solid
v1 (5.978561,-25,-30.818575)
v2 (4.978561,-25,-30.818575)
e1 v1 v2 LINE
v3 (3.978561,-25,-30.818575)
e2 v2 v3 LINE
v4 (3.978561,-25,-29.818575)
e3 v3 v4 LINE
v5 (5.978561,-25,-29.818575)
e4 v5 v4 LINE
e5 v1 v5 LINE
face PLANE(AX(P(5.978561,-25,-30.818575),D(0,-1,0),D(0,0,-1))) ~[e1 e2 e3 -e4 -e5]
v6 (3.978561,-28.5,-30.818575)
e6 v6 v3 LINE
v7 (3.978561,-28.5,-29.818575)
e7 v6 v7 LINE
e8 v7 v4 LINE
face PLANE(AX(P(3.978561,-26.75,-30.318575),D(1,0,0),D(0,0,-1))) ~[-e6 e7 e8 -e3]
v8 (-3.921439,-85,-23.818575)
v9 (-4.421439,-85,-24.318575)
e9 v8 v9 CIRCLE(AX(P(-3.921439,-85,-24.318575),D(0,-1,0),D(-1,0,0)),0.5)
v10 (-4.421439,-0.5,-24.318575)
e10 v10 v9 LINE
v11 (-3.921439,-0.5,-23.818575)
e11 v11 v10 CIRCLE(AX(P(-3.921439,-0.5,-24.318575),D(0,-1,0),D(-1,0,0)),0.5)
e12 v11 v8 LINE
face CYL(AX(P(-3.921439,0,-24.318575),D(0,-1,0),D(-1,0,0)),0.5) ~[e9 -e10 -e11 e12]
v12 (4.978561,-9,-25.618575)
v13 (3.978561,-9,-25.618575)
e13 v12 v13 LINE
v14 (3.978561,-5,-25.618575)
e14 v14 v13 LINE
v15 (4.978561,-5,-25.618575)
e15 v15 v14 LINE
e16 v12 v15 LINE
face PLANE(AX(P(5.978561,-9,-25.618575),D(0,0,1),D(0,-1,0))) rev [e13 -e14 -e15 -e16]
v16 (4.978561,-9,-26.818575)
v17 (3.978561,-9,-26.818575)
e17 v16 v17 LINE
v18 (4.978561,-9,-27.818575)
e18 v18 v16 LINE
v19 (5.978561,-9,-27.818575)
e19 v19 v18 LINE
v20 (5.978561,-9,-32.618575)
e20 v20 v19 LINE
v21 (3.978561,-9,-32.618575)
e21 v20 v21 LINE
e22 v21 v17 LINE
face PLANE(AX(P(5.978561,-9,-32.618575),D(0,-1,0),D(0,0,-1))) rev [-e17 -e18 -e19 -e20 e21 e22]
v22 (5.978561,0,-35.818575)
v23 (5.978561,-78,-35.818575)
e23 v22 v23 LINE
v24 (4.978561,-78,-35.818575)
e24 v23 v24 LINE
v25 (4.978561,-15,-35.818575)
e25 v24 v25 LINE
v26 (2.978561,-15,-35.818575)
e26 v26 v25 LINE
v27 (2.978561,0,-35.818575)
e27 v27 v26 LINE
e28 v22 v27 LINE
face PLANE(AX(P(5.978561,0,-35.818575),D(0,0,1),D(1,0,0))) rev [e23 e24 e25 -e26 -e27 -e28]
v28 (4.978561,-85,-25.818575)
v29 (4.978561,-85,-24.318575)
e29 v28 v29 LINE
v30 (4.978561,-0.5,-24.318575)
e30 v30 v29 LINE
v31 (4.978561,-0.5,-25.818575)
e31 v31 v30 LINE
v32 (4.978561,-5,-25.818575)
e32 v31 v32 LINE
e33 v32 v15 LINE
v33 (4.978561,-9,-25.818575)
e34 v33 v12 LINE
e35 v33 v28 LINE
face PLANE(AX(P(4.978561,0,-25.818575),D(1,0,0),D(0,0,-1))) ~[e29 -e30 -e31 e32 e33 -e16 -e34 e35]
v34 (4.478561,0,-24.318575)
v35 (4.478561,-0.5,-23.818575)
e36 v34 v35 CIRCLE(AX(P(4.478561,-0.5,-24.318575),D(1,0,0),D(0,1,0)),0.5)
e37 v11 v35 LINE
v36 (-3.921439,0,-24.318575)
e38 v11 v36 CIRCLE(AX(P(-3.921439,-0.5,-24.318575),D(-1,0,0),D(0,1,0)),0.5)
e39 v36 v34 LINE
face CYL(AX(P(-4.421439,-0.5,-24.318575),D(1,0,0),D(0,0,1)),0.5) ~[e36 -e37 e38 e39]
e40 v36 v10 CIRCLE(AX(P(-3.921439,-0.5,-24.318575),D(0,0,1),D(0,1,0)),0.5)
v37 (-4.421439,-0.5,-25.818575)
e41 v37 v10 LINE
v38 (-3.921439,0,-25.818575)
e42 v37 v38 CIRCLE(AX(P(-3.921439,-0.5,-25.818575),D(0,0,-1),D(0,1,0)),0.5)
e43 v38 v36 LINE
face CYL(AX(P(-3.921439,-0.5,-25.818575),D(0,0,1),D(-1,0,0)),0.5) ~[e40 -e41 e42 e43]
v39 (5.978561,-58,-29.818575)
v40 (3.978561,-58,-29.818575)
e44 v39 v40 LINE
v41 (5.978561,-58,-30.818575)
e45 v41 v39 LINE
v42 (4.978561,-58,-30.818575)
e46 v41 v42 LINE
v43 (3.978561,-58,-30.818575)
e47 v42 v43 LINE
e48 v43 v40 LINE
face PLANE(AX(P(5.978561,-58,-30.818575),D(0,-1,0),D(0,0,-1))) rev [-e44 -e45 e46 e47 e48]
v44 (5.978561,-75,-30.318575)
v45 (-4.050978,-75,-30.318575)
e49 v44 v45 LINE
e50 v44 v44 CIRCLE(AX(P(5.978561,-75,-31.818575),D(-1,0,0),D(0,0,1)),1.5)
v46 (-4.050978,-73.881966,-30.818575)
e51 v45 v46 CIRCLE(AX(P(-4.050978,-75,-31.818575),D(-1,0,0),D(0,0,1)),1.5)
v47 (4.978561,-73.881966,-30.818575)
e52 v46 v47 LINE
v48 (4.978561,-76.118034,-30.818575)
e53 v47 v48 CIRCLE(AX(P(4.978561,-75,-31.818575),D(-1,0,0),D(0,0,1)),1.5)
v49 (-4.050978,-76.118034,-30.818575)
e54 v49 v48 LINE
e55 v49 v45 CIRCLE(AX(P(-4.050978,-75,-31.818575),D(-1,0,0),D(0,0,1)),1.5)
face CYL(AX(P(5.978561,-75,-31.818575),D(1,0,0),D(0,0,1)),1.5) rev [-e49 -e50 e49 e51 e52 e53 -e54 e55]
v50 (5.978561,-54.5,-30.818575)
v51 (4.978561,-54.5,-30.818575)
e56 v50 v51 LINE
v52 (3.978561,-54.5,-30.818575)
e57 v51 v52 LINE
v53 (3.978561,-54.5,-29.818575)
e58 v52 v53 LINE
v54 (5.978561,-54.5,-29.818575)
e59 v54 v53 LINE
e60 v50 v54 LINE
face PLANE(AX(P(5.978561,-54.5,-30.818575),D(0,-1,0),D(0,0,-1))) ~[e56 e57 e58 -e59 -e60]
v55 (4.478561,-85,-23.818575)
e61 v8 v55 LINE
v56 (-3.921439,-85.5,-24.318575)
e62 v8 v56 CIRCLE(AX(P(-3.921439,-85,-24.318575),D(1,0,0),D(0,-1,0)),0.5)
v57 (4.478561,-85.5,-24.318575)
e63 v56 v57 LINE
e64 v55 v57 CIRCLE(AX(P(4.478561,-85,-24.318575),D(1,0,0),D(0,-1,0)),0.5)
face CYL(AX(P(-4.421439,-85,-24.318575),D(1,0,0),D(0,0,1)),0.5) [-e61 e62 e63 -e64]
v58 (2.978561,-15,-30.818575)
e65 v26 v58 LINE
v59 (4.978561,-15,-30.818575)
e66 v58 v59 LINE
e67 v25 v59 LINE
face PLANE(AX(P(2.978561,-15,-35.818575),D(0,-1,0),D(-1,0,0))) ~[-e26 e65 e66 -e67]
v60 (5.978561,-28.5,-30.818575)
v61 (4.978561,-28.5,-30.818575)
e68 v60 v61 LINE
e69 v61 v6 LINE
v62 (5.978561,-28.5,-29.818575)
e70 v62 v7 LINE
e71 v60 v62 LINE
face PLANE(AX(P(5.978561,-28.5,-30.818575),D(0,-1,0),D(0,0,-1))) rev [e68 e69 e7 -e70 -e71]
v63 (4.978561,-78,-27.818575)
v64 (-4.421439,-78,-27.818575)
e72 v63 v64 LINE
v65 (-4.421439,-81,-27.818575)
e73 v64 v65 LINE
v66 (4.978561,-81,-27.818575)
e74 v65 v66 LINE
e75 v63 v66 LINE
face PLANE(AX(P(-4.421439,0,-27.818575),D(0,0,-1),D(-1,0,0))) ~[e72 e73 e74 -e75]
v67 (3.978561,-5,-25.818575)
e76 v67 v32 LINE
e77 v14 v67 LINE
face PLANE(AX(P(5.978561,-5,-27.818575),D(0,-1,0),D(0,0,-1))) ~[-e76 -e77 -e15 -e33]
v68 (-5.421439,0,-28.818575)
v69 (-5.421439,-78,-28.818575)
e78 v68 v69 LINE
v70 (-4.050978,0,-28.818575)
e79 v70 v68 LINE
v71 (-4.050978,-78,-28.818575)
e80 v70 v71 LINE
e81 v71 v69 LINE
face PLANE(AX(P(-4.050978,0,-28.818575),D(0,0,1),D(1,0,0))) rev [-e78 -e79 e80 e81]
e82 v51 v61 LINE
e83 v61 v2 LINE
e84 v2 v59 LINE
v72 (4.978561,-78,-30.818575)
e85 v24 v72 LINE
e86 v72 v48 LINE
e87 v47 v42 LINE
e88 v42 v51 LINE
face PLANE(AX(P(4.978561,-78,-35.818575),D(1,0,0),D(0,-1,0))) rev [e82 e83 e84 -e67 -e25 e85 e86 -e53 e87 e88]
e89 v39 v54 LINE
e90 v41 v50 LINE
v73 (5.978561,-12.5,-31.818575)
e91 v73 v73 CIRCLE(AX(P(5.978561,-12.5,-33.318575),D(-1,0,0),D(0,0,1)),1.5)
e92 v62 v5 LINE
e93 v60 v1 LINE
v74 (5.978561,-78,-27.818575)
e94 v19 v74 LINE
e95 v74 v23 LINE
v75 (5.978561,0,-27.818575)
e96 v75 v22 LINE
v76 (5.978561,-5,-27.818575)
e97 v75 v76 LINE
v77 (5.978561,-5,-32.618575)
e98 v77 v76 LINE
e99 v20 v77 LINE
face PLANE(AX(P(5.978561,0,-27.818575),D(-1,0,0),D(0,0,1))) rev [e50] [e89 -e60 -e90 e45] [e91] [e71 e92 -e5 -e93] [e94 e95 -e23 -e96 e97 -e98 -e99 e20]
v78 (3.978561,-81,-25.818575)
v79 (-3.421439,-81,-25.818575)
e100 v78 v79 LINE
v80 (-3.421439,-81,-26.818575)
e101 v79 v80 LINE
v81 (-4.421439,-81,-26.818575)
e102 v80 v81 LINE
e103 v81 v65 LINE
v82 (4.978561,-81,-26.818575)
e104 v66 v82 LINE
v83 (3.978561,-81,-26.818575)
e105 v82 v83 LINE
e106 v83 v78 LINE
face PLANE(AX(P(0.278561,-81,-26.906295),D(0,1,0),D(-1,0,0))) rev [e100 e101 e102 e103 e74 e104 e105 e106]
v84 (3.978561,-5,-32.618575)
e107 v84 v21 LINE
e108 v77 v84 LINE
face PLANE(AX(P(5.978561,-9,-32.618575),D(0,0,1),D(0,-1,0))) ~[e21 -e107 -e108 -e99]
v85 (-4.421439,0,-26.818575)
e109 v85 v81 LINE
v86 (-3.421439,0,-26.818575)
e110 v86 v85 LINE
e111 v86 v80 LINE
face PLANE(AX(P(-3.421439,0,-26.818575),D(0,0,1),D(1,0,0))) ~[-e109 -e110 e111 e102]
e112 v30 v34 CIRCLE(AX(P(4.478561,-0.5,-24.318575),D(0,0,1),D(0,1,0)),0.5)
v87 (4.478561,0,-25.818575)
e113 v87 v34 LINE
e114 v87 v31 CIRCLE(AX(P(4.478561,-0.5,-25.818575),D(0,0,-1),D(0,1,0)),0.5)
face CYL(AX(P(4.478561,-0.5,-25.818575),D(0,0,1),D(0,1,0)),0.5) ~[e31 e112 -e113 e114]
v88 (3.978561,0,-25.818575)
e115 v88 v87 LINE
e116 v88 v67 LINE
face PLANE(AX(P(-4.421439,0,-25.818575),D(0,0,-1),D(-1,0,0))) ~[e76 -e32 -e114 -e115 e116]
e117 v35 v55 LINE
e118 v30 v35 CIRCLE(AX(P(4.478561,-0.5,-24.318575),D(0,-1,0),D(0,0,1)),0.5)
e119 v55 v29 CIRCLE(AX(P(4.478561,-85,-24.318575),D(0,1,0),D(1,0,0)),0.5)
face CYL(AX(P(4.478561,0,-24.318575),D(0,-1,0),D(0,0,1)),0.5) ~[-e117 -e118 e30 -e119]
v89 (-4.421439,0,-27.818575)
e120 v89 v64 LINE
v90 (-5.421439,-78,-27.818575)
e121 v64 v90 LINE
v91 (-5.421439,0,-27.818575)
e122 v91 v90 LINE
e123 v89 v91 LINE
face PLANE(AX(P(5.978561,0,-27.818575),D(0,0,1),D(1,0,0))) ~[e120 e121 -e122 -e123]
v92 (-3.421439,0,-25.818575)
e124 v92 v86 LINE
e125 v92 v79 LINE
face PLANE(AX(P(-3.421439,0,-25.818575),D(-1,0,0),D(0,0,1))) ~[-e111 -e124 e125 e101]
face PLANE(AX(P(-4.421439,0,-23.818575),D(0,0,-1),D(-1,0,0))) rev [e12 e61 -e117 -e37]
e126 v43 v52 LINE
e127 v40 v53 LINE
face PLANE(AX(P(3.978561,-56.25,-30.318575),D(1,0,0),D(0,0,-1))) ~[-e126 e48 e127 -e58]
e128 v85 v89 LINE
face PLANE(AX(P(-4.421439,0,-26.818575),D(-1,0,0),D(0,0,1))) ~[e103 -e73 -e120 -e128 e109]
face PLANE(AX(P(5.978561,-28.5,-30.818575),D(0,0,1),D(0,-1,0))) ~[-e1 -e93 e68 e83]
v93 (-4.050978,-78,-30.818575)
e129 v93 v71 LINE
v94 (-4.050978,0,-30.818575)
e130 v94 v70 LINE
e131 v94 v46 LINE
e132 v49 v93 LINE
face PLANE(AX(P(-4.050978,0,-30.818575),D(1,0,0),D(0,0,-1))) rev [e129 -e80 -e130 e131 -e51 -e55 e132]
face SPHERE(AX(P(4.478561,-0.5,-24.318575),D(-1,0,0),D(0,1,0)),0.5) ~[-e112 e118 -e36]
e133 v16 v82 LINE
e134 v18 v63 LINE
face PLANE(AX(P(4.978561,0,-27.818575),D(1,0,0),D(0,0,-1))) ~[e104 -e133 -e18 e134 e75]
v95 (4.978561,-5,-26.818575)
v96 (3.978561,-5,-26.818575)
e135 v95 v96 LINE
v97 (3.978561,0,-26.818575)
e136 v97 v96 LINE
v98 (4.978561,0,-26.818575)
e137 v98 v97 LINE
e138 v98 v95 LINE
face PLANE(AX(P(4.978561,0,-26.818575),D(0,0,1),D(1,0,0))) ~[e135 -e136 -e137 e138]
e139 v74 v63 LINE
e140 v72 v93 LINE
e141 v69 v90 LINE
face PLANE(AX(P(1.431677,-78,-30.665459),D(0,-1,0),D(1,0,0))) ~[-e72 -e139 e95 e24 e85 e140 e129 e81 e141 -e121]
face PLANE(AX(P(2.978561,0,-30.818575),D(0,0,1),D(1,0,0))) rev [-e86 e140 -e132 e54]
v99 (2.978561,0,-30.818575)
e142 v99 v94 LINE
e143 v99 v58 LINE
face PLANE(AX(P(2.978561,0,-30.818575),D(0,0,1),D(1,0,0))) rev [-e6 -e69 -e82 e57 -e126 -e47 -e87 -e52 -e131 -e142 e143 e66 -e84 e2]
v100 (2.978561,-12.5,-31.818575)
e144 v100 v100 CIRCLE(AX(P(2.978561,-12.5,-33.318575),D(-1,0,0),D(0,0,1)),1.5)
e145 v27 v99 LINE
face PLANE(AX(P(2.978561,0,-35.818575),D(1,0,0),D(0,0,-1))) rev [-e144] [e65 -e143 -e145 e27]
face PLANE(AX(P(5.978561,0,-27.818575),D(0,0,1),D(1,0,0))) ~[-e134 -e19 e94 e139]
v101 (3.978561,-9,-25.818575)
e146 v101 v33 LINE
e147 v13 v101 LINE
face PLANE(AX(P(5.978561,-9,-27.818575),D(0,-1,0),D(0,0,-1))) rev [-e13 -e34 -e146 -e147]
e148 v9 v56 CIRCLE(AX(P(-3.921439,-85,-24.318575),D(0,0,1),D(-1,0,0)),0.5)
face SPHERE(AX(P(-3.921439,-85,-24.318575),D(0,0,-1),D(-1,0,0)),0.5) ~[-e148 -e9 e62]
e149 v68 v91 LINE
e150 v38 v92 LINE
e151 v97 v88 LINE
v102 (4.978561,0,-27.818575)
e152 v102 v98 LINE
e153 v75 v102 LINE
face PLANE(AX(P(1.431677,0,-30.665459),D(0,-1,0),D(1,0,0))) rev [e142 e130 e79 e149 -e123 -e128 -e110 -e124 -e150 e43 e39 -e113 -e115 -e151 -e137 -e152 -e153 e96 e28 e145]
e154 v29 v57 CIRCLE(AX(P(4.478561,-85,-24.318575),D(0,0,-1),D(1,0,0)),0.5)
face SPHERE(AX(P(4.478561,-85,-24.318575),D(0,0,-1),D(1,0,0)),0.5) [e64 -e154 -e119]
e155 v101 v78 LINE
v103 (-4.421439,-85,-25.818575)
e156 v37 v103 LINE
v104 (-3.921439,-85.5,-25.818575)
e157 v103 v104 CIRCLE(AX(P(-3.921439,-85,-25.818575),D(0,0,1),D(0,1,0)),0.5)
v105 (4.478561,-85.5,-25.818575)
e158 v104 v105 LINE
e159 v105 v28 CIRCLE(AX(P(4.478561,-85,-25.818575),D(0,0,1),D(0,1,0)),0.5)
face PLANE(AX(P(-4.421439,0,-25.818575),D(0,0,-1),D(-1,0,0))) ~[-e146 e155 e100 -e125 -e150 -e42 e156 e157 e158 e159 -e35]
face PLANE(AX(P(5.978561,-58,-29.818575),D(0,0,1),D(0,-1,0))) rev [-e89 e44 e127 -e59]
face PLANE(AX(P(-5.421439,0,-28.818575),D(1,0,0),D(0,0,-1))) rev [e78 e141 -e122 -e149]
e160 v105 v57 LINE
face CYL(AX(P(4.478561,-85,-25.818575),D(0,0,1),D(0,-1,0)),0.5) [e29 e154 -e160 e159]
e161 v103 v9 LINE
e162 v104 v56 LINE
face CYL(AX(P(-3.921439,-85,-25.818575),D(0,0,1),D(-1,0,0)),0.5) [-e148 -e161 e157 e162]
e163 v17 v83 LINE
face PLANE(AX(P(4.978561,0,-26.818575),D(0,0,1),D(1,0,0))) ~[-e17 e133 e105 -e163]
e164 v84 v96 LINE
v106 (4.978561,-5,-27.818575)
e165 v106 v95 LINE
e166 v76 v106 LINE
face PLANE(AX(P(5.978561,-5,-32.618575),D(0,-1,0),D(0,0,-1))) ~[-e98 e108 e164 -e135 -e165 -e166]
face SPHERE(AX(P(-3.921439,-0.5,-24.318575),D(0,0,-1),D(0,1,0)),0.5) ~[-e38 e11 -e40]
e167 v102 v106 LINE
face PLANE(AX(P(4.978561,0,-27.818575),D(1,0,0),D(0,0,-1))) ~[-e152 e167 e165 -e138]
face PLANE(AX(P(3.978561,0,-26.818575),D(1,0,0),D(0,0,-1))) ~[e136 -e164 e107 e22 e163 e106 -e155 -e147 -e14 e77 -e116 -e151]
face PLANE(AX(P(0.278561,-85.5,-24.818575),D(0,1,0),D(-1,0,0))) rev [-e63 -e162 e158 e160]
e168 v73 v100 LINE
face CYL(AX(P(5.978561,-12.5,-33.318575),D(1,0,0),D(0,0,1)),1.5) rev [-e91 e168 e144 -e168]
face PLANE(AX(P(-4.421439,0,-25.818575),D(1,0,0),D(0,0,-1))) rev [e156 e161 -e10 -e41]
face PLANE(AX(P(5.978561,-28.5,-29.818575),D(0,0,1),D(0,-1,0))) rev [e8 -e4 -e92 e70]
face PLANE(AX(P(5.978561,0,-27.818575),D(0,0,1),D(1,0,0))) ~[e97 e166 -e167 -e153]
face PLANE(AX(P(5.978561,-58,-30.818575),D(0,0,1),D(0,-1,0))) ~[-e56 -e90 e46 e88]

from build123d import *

# Parameters (mm, degrees)
SKETCH1_W           = 9.4
SKETCH1_H           = 2
BOSS_EXTRUDE1_DEPTH = 85.5
BOSS_EXTRUDE2_DEPTH = 81
FILLET1_R           = 0.5
BOSS_EXTRUDE3_DEPTH = 78
SKETCH2_R           = 1.5
CUT_EXTRUDE1_DEPTH  = 87.643786319
CUT_EXTRUDE2_REACH  = 88.644
SKETCH2_3_W         = 4.8
SKETCH2_3_H         = 4
SKETCH2_3_W_2       = 2.2
SKETCH3_W           = 2
SKETCH3_H           = 63
CUT_EXTRUDE3_DEPTH  = 5
SKETCH4_W           = 1
SKETCH4_H           = 3.5
CUT_EXTRUDE4_DEPTH  = 2


with BuildPart() as part:
    # Sketch1 → Boss-Extrude1 (new body)
    with BuildSketch(Plane(origin=(0, 0, 0), x_dir=(1, 0, 0), z_dir=(0, 1, 0))):
        with Locations((0.278560628, 2.818575451)):
            Rectangle(SKETCH1_W, SKETCH1_H)
    extrude(amount=-BOSS_EXTRUDE1_DEPTH)

    # Sketch1<3> → Boss-Extrude2 (add)
    with BuildSketch(Plane(origin=(0, 0, 0), x_dir=(1, 0, 0), z_dir=(0, 1, 0))):
        Polygon((3.978560628, 1.818575451), (-3.421439372, 1.818575451), (-3.421439372, 0.818575451), (-4.421439372, 0.818575451), (-4.421439372, -0.181424549), (4.978560628, -0.181424549), (4.978560628, 0.818575451), (3.978560628, 0.818575451), align=None)
    extrude(amount=-BOSS_EXTRUDE2_DEPTH)

    # Fillet1
    fillet1_edges = [part.edges().sort_by_distance(p)[0] for p in [
        (-4.421439372, -85.5, -2.818575451),
        (4.978560628, -85.5, -2.818575451),
        (-4.421439372, 0, -2.818575451),
        (0.278560628, 0, -3.818575451),
        (4.978560628, 0, -2.818575451),
        (-4.421439372, -42.75, -3.818575451),
        (4.978560628, -42.75, -3.818575451),
        (0.278560628, -85.5, -3.818575451),
    ]]
    fillet(fillet1_edges, radius=FILLET1_R)

    # Sketch1<4> → Boss-Extrude3 (add)
    with BuildSketch(Plane(origin=(0, 0, 0), x_dir=(1, 0, 0), z_dir=(0, 1, 0))):
        Polygon((-5.421439372, -0.181424549), (-4.421439372, -0.181424549), (4.978560628, -0.181424549), (5.978560628, -0.181424549), (5.978560628, -8.181424549), (2.978560628, -8.181424549), (2.978560628, -3.181424549), (-4.050977977, -3.181424549), (-4.050977977, -1.181424549), (-5.421439372, -1.181424549), align=None)
    extrude(amount=-BOSS_EXTRUDE3_DEPTH)

    # Sketch2 → Cut-Extrude1 (cut, through all)
    with BuildSketch(Plane(origin=(5.978560628, 0, 0), x_dir=(0, 0, -1), z_dir=(1, 0, 0))):
        with Locations((-5.681424549, -12.5)):
            Circle(SKETCH2_R)
        with Locations((-4.181424549, -75)):
            Circle(SKETCH2_R)
    extrude(amount=-CUT_EXTRUDE1_DEPTH, mode=Mode.SUBTRACT)

    # Cut-Extrude2: up to this face of the body (flat: up to its plane)
    cut_extrude2_end = Plane(part.part.faces().sort_by_distance((3.978560628, -40.5, -1.318575451))[0])
    # Sketch2<3> → Cut-Extrude2 (cut, up to the picked face)
    with BuildSketch(Plane(origin=(5.978560628, 0, 0), x_dir=(0, 0, -1), z_dir=(1, 0, 0)), mode=Mode.PRIVATE) as cut_extrude2_sk1:
        with Locations((-2.581424549, -7)):
            Rectangle(SKETCH2_3_W, SKETCH2_3_H)
    cut_extrude2_tool1 = split(extrude(cut_extrude2_sk1.sketch, amount=-CUT_EXTRUDE2_REACH, mode=Mode.PRIVATE), bisect_by=cut_extrude2_end, keep=Keep.BOTH, mode=Mode.PRIVATE)
    # Sketch2<3> → Cut-Extrude2 (cut, up to the picked face)
    with BuildSketch(Plane(origin=(5.978560628, 0, 0), x_dir=(0, 0, -1), z_dir=(1, 0, 0)), mode=Mode.PRIVATE) as cut_extrude2_sk2:
        with Locations((0.918575451, -7)):
            Rectangle(SKETCH2_3_W_2, SKETCH2_3_H)
    cut_extrude2_tool2 = split(extrude(cut_extrude2_sk2.sketch, amount=-CUT_EXTRUDE2_REACH, mode=Mode.PRIVATE), bisect_by=cut_extrude2_end, keep=Keep.BOTH, mode=Mode.PRIVATE)
    add(cut_extrude2_tool1.solids().sort_by(Axis((5.978561, -7, 2.581425), (-1, 0, 0)))[0], mode=Mode.SUBTRACT)
    add(cut_extrude2_tool2.solids().sort_by(Axis((5.978561, -7, -0.918575), (-1, 0, 0)))[0], mode=Mode.SUBTRACT)

    # Sketch3 → Cut-Extrude3 (cut)
    with BuildSketch(Plane.XY.offset(8.181424549)):
        with Locations((3.978560628, -46.5)):
            Rectangle(SKETCH3_W, SKETCH3_H)
    extrude(amount=-CUT_EXTRUDE3_DEPTH, mode=Mode.SUBTRACT)

    # Sketch4 → Cut-Extrude4 (cut)
    with BuildSketch(Plane(origin=(5.978560628, 0, 0), x_dir=(0, 0, -1), z_dir=(1, 0, 0))):
        with Locations((-2.681424549, -26.75)):
            Rectangle(SKETCH4_W, SKETCH4_H)
        with Locations((-2.681424549, -56.25)):
            Rectangle(SKETCH4_W, SKETCH4_H)
    extrude(amount=-CUT_EXTRUDE4_DEPTH, mode=Mode.SUBTRACT)


with BuildPart() as body_2:
    # Mirror1: mirrored copy
    add(part.part.mirror(Plane(origin=(0, 0, -13.818575451), x_dir=(1, 0, 0), z_dir=(0, 0, -1))))


solid = body_2.part
